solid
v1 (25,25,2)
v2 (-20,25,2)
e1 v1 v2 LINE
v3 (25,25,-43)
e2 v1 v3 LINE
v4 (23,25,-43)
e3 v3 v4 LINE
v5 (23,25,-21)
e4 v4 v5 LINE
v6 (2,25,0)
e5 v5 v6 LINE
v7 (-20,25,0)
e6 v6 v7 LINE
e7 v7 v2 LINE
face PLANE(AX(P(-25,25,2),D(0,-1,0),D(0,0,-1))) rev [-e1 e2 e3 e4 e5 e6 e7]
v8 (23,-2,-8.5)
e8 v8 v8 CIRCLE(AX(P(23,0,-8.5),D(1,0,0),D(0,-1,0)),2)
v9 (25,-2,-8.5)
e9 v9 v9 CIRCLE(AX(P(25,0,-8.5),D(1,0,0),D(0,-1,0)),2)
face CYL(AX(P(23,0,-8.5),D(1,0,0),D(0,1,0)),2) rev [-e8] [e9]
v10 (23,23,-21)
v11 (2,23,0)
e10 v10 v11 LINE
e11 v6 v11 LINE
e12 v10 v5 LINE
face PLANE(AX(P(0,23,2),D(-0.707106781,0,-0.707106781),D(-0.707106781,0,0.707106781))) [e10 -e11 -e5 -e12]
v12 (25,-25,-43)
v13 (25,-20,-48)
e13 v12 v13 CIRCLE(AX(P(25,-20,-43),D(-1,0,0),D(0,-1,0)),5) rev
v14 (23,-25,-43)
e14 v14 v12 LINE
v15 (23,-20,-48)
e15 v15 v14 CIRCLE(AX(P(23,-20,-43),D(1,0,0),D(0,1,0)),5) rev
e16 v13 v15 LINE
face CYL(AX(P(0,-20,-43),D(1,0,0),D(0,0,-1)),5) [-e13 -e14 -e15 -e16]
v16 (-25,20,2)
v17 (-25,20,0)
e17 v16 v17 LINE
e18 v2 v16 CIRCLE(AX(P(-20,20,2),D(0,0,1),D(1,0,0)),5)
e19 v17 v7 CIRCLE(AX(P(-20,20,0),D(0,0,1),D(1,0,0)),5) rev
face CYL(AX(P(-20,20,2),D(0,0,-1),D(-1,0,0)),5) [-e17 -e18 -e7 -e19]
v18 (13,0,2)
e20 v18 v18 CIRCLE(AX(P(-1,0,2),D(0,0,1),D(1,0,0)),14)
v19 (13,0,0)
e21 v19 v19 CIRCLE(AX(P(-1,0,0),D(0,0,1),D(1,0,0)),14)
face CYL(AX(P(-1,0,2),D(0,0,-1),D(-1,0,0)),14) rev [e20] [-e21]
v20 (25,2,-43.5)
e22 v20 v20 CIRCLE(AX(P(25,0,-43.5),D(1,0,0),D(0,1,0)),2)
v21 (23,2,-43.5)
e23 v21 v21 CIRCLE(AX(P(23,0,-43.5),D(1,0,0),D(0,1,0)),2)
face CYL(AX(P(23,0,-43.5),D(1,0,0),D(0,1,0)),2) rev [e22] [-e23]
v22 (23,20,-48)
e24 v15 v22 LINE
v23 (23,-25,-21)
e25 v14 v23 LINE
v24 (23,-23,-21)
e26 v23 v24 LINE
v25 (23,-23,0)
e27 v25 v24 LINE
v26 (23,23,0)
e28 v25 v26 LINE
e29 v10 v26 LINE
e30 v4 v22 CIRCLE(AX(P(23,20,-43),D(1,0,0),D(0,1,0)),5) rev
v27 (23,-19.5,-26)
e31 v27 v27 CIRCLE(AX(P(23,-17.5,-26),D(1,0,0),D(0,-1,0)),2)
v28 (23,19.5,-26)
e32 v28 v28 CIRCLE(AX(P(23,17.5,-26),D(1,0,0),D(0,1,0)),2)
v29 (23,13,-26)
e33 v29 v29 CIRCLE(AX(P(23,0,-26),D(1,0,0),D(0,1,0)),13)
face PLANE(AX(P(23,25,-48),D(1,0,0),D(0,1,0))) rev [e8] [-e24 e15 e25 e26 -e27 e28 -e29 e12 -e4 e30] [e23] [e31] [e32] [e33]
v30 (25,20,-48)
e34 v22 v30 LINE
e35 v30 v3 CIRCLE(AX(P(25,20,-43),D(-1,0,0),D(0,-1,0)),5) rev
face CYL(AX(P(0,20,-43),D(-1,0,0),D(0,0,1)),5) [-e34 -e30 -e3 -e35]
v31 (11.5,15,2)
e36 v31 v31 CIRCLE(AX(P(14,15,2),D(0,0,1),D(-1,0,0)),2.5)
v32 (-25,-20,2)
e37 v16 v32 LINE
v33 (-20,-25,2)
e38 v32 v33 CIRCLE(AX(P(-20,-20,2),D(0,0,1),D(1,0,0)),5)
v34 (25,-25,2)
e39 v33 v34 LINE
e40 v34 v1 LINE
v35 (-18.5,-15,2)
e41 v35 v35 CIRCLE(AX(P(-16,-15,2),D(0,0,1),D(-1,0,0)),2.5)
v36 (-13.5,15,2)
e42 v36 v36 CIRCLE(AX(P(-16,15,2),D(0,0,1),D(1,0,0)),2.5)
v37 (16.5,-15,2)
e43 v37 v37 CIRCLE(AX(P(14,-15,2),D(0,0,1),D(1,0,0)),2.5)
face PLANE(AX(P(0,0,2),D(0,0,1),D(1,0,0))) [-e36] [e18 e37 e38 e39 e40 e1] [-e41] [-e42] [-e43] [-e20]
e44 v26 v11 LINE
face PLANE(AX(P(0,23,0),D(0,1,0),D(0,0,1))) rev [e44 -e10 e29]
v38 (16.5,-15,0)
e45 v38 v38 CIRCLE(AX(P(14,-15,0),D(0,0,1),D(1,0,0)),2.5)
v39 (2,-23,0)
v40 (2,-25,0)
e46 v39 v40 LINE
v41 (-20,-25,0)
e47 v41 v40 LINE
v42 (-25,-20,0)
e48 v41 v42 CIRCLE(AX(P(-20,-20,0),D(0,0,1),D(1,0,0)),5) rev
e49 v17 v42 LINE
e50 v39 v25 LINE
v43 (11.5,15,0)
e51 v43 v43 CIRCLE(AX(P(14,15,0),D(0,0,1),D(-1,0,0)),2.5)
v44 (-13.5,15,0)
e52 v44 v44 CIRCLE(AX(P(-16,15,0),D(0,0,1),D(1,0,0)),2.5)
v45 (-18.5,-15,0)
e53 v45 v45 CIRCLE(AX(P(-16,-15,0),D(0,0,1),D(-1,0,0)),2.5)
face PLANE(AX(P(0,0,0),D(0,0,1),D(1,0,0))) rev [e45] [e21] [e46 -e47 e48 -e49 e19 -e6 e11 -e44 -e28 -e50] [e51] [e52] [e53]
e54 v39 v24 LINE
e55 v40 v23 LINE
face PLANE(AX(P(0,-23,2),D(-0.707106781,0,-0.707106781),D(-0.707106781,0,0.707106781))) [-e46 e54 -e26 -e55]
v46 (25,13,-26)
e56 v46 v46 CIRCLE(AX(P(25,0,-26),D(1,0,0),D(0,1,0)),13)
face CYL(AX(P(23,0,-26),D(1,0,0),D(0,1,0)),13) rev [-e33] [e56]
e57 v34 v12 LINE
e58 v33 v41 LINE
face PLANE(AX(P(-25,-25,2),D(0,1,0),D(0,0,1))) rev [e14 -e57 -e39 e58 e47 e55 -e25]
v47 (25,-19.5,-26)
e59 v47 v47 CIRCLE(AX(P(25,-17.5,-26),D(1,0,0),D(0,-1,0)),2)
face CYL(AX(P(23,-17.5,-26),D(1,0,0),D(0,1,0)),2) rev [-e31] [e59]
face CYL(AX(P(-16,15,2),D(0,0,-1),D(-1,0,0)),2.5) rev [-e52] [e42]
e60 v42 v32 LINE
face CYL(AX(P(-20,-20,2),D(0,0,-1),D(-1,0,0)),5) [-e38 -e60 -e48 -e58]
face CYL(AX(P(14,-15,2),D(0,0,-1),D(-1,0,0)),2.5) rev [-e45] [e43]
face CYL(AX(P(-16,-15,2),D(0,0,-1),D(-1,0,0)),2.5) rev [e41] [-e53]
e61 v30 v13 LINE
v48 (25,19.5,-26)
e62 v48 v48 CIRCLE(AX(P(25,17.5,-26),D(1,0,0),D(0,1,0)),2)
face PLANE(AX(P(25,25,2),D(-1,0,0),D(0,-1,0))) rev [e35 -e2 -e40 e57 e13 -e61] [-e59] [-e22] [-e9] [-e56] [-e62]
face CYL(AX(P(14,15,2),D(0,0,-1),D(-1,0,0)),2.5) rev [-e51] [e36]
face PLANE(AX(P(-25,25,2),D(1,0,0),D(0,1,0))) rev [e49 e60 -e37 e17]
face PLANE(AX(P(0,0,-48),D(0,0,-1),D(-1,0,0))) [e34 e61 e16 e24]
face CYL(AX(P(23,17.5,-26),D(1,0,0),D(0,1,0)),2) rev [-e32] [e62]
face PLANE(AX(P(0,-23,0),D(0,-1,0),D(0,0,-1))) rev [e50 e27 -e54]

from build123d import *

# Parameters (mm, degrees)
SKETCH_1_W          = 50
SKETCH_1_H          = 50
SKETCH_1_R          = 14
SKETCH_1_R_2        = 2.5
EXTRUDE_1_DEPTH     = 2
SKETCH_3_W          = 2
SKETCH_3_H          = 50
EXTRUDE_3_DEPTH     = 48
EXTRUDE_4_DEPTH     = 2
EXTRUDE_5_DEPTH     = 2
SKETCH_6_R          = 13
SKETCH_6_R_2        = 2
CUT_EXTRUDE_1_DEPTH = 2
FILLET_1_R          = 5


with BuildPart() as part:
    # 草图1 → 凸台-拉伸1 (new body)
    with BuildSketch(Plane.XY):
        Rectangle(SKETCH_1_W, SKETCH_1_H)
        with Locations((-1, 0)):
            Circle(SKETCH_1_R, mode=Mode.SUBTRACT)
        with Locations((-16, 15)):
            Circle(SKETCH_1_R_2, mode=Mode.SUBTRACT)
        with Locations(Location((-16, -15, 0), (0, 0, 180))):
            Circle(SKETCH_1_R_2, mode=Mode.SUBTRACT)
        with Locations((14, -15)):
            Circle(SKETCH_1_R_2, mode=Mode.SUBTRACT)
        with Locations(Location((14, 15, 0), (0, 0, 180))):
            Circle(SKETCH_1_R_2, mode=Mode.SUBTRACT)
    extrude(amount=EXTRUDE_1_DEPTH)

    # 草图3 → 凸台-拉伸3 (add)
    with BuildSketch(Plane(origin=(0, 0, 0), x_dir=(-1, 0, 0), z_dir=(0, 0, -1))):
        with Locations((-24, 0)):
            Rectangle(SKETCH_3_W, SKETCH_3_H)
    extrude(amount=EXTRUDE_3_DEPTH)

    # 草图4 → 凸台-拉伸4 (add)
    with BuildSketch(Plane(origin=(0, 25, 0), x_dir=(1, 0, 0), z_dir=(0, 1, 0))):
        Polygon((0, -2), (25, 23), (25, -2), align=None)
    extrude(amount=-EXTRUDE_4_DEPTH)

    # 草图5 → 凸台-拉伸5 (add)
    with BuildSketch(Plane.XZ.offset(25)):
        Polygon((25, 2), (0, 2), (25, -23), align=None)
    extrude(amount=-EXTRUDE_5_DEPTH)

    # 草图6 → 切除-拉伸1 (cut)
    with BuildSketch(Plane(origin=(25, 0, 0), x_dir=(0, 0, -1), z_dir=(1, 0, 0))):
        with Locations(Location((26, 0, 0), (0, 0, 90))):
            Circle(SKETCH_6_R)
        with Locations(Location((43.5, 0, 0), (0, 0, 90))):
            Circle(SKETCH_6_R_2)
        with Locations(Location((26, 17.5, 0), (0, 0, 90))):
            Circle(SKETCH_6_R_2)
        with Locations(Location((26, -17.5, 0), (0, 0, 270))):
            Circle(SKETCH_6_R_2)
        with Locations(Location((8.5, 0, 0), (0, 0, 270))):
            Circle(SKETCH_6_R_2)
    extrude(amount=-CUT_EXTRUDE_1_DEPTH, mode=Mode.SUBTRACT)

    # 圆角1
    fillet_1_edges = [part.edges().sort_by_distance(p)[0] for p in [
        (24, -25, -48),
        (24, 25, -48),
        (-25, -25, 1),
        (-25, 25, 1),
    ]]
    fillet(fillet_1_edges, radius=FILLET_1_R)


solid = part.part
